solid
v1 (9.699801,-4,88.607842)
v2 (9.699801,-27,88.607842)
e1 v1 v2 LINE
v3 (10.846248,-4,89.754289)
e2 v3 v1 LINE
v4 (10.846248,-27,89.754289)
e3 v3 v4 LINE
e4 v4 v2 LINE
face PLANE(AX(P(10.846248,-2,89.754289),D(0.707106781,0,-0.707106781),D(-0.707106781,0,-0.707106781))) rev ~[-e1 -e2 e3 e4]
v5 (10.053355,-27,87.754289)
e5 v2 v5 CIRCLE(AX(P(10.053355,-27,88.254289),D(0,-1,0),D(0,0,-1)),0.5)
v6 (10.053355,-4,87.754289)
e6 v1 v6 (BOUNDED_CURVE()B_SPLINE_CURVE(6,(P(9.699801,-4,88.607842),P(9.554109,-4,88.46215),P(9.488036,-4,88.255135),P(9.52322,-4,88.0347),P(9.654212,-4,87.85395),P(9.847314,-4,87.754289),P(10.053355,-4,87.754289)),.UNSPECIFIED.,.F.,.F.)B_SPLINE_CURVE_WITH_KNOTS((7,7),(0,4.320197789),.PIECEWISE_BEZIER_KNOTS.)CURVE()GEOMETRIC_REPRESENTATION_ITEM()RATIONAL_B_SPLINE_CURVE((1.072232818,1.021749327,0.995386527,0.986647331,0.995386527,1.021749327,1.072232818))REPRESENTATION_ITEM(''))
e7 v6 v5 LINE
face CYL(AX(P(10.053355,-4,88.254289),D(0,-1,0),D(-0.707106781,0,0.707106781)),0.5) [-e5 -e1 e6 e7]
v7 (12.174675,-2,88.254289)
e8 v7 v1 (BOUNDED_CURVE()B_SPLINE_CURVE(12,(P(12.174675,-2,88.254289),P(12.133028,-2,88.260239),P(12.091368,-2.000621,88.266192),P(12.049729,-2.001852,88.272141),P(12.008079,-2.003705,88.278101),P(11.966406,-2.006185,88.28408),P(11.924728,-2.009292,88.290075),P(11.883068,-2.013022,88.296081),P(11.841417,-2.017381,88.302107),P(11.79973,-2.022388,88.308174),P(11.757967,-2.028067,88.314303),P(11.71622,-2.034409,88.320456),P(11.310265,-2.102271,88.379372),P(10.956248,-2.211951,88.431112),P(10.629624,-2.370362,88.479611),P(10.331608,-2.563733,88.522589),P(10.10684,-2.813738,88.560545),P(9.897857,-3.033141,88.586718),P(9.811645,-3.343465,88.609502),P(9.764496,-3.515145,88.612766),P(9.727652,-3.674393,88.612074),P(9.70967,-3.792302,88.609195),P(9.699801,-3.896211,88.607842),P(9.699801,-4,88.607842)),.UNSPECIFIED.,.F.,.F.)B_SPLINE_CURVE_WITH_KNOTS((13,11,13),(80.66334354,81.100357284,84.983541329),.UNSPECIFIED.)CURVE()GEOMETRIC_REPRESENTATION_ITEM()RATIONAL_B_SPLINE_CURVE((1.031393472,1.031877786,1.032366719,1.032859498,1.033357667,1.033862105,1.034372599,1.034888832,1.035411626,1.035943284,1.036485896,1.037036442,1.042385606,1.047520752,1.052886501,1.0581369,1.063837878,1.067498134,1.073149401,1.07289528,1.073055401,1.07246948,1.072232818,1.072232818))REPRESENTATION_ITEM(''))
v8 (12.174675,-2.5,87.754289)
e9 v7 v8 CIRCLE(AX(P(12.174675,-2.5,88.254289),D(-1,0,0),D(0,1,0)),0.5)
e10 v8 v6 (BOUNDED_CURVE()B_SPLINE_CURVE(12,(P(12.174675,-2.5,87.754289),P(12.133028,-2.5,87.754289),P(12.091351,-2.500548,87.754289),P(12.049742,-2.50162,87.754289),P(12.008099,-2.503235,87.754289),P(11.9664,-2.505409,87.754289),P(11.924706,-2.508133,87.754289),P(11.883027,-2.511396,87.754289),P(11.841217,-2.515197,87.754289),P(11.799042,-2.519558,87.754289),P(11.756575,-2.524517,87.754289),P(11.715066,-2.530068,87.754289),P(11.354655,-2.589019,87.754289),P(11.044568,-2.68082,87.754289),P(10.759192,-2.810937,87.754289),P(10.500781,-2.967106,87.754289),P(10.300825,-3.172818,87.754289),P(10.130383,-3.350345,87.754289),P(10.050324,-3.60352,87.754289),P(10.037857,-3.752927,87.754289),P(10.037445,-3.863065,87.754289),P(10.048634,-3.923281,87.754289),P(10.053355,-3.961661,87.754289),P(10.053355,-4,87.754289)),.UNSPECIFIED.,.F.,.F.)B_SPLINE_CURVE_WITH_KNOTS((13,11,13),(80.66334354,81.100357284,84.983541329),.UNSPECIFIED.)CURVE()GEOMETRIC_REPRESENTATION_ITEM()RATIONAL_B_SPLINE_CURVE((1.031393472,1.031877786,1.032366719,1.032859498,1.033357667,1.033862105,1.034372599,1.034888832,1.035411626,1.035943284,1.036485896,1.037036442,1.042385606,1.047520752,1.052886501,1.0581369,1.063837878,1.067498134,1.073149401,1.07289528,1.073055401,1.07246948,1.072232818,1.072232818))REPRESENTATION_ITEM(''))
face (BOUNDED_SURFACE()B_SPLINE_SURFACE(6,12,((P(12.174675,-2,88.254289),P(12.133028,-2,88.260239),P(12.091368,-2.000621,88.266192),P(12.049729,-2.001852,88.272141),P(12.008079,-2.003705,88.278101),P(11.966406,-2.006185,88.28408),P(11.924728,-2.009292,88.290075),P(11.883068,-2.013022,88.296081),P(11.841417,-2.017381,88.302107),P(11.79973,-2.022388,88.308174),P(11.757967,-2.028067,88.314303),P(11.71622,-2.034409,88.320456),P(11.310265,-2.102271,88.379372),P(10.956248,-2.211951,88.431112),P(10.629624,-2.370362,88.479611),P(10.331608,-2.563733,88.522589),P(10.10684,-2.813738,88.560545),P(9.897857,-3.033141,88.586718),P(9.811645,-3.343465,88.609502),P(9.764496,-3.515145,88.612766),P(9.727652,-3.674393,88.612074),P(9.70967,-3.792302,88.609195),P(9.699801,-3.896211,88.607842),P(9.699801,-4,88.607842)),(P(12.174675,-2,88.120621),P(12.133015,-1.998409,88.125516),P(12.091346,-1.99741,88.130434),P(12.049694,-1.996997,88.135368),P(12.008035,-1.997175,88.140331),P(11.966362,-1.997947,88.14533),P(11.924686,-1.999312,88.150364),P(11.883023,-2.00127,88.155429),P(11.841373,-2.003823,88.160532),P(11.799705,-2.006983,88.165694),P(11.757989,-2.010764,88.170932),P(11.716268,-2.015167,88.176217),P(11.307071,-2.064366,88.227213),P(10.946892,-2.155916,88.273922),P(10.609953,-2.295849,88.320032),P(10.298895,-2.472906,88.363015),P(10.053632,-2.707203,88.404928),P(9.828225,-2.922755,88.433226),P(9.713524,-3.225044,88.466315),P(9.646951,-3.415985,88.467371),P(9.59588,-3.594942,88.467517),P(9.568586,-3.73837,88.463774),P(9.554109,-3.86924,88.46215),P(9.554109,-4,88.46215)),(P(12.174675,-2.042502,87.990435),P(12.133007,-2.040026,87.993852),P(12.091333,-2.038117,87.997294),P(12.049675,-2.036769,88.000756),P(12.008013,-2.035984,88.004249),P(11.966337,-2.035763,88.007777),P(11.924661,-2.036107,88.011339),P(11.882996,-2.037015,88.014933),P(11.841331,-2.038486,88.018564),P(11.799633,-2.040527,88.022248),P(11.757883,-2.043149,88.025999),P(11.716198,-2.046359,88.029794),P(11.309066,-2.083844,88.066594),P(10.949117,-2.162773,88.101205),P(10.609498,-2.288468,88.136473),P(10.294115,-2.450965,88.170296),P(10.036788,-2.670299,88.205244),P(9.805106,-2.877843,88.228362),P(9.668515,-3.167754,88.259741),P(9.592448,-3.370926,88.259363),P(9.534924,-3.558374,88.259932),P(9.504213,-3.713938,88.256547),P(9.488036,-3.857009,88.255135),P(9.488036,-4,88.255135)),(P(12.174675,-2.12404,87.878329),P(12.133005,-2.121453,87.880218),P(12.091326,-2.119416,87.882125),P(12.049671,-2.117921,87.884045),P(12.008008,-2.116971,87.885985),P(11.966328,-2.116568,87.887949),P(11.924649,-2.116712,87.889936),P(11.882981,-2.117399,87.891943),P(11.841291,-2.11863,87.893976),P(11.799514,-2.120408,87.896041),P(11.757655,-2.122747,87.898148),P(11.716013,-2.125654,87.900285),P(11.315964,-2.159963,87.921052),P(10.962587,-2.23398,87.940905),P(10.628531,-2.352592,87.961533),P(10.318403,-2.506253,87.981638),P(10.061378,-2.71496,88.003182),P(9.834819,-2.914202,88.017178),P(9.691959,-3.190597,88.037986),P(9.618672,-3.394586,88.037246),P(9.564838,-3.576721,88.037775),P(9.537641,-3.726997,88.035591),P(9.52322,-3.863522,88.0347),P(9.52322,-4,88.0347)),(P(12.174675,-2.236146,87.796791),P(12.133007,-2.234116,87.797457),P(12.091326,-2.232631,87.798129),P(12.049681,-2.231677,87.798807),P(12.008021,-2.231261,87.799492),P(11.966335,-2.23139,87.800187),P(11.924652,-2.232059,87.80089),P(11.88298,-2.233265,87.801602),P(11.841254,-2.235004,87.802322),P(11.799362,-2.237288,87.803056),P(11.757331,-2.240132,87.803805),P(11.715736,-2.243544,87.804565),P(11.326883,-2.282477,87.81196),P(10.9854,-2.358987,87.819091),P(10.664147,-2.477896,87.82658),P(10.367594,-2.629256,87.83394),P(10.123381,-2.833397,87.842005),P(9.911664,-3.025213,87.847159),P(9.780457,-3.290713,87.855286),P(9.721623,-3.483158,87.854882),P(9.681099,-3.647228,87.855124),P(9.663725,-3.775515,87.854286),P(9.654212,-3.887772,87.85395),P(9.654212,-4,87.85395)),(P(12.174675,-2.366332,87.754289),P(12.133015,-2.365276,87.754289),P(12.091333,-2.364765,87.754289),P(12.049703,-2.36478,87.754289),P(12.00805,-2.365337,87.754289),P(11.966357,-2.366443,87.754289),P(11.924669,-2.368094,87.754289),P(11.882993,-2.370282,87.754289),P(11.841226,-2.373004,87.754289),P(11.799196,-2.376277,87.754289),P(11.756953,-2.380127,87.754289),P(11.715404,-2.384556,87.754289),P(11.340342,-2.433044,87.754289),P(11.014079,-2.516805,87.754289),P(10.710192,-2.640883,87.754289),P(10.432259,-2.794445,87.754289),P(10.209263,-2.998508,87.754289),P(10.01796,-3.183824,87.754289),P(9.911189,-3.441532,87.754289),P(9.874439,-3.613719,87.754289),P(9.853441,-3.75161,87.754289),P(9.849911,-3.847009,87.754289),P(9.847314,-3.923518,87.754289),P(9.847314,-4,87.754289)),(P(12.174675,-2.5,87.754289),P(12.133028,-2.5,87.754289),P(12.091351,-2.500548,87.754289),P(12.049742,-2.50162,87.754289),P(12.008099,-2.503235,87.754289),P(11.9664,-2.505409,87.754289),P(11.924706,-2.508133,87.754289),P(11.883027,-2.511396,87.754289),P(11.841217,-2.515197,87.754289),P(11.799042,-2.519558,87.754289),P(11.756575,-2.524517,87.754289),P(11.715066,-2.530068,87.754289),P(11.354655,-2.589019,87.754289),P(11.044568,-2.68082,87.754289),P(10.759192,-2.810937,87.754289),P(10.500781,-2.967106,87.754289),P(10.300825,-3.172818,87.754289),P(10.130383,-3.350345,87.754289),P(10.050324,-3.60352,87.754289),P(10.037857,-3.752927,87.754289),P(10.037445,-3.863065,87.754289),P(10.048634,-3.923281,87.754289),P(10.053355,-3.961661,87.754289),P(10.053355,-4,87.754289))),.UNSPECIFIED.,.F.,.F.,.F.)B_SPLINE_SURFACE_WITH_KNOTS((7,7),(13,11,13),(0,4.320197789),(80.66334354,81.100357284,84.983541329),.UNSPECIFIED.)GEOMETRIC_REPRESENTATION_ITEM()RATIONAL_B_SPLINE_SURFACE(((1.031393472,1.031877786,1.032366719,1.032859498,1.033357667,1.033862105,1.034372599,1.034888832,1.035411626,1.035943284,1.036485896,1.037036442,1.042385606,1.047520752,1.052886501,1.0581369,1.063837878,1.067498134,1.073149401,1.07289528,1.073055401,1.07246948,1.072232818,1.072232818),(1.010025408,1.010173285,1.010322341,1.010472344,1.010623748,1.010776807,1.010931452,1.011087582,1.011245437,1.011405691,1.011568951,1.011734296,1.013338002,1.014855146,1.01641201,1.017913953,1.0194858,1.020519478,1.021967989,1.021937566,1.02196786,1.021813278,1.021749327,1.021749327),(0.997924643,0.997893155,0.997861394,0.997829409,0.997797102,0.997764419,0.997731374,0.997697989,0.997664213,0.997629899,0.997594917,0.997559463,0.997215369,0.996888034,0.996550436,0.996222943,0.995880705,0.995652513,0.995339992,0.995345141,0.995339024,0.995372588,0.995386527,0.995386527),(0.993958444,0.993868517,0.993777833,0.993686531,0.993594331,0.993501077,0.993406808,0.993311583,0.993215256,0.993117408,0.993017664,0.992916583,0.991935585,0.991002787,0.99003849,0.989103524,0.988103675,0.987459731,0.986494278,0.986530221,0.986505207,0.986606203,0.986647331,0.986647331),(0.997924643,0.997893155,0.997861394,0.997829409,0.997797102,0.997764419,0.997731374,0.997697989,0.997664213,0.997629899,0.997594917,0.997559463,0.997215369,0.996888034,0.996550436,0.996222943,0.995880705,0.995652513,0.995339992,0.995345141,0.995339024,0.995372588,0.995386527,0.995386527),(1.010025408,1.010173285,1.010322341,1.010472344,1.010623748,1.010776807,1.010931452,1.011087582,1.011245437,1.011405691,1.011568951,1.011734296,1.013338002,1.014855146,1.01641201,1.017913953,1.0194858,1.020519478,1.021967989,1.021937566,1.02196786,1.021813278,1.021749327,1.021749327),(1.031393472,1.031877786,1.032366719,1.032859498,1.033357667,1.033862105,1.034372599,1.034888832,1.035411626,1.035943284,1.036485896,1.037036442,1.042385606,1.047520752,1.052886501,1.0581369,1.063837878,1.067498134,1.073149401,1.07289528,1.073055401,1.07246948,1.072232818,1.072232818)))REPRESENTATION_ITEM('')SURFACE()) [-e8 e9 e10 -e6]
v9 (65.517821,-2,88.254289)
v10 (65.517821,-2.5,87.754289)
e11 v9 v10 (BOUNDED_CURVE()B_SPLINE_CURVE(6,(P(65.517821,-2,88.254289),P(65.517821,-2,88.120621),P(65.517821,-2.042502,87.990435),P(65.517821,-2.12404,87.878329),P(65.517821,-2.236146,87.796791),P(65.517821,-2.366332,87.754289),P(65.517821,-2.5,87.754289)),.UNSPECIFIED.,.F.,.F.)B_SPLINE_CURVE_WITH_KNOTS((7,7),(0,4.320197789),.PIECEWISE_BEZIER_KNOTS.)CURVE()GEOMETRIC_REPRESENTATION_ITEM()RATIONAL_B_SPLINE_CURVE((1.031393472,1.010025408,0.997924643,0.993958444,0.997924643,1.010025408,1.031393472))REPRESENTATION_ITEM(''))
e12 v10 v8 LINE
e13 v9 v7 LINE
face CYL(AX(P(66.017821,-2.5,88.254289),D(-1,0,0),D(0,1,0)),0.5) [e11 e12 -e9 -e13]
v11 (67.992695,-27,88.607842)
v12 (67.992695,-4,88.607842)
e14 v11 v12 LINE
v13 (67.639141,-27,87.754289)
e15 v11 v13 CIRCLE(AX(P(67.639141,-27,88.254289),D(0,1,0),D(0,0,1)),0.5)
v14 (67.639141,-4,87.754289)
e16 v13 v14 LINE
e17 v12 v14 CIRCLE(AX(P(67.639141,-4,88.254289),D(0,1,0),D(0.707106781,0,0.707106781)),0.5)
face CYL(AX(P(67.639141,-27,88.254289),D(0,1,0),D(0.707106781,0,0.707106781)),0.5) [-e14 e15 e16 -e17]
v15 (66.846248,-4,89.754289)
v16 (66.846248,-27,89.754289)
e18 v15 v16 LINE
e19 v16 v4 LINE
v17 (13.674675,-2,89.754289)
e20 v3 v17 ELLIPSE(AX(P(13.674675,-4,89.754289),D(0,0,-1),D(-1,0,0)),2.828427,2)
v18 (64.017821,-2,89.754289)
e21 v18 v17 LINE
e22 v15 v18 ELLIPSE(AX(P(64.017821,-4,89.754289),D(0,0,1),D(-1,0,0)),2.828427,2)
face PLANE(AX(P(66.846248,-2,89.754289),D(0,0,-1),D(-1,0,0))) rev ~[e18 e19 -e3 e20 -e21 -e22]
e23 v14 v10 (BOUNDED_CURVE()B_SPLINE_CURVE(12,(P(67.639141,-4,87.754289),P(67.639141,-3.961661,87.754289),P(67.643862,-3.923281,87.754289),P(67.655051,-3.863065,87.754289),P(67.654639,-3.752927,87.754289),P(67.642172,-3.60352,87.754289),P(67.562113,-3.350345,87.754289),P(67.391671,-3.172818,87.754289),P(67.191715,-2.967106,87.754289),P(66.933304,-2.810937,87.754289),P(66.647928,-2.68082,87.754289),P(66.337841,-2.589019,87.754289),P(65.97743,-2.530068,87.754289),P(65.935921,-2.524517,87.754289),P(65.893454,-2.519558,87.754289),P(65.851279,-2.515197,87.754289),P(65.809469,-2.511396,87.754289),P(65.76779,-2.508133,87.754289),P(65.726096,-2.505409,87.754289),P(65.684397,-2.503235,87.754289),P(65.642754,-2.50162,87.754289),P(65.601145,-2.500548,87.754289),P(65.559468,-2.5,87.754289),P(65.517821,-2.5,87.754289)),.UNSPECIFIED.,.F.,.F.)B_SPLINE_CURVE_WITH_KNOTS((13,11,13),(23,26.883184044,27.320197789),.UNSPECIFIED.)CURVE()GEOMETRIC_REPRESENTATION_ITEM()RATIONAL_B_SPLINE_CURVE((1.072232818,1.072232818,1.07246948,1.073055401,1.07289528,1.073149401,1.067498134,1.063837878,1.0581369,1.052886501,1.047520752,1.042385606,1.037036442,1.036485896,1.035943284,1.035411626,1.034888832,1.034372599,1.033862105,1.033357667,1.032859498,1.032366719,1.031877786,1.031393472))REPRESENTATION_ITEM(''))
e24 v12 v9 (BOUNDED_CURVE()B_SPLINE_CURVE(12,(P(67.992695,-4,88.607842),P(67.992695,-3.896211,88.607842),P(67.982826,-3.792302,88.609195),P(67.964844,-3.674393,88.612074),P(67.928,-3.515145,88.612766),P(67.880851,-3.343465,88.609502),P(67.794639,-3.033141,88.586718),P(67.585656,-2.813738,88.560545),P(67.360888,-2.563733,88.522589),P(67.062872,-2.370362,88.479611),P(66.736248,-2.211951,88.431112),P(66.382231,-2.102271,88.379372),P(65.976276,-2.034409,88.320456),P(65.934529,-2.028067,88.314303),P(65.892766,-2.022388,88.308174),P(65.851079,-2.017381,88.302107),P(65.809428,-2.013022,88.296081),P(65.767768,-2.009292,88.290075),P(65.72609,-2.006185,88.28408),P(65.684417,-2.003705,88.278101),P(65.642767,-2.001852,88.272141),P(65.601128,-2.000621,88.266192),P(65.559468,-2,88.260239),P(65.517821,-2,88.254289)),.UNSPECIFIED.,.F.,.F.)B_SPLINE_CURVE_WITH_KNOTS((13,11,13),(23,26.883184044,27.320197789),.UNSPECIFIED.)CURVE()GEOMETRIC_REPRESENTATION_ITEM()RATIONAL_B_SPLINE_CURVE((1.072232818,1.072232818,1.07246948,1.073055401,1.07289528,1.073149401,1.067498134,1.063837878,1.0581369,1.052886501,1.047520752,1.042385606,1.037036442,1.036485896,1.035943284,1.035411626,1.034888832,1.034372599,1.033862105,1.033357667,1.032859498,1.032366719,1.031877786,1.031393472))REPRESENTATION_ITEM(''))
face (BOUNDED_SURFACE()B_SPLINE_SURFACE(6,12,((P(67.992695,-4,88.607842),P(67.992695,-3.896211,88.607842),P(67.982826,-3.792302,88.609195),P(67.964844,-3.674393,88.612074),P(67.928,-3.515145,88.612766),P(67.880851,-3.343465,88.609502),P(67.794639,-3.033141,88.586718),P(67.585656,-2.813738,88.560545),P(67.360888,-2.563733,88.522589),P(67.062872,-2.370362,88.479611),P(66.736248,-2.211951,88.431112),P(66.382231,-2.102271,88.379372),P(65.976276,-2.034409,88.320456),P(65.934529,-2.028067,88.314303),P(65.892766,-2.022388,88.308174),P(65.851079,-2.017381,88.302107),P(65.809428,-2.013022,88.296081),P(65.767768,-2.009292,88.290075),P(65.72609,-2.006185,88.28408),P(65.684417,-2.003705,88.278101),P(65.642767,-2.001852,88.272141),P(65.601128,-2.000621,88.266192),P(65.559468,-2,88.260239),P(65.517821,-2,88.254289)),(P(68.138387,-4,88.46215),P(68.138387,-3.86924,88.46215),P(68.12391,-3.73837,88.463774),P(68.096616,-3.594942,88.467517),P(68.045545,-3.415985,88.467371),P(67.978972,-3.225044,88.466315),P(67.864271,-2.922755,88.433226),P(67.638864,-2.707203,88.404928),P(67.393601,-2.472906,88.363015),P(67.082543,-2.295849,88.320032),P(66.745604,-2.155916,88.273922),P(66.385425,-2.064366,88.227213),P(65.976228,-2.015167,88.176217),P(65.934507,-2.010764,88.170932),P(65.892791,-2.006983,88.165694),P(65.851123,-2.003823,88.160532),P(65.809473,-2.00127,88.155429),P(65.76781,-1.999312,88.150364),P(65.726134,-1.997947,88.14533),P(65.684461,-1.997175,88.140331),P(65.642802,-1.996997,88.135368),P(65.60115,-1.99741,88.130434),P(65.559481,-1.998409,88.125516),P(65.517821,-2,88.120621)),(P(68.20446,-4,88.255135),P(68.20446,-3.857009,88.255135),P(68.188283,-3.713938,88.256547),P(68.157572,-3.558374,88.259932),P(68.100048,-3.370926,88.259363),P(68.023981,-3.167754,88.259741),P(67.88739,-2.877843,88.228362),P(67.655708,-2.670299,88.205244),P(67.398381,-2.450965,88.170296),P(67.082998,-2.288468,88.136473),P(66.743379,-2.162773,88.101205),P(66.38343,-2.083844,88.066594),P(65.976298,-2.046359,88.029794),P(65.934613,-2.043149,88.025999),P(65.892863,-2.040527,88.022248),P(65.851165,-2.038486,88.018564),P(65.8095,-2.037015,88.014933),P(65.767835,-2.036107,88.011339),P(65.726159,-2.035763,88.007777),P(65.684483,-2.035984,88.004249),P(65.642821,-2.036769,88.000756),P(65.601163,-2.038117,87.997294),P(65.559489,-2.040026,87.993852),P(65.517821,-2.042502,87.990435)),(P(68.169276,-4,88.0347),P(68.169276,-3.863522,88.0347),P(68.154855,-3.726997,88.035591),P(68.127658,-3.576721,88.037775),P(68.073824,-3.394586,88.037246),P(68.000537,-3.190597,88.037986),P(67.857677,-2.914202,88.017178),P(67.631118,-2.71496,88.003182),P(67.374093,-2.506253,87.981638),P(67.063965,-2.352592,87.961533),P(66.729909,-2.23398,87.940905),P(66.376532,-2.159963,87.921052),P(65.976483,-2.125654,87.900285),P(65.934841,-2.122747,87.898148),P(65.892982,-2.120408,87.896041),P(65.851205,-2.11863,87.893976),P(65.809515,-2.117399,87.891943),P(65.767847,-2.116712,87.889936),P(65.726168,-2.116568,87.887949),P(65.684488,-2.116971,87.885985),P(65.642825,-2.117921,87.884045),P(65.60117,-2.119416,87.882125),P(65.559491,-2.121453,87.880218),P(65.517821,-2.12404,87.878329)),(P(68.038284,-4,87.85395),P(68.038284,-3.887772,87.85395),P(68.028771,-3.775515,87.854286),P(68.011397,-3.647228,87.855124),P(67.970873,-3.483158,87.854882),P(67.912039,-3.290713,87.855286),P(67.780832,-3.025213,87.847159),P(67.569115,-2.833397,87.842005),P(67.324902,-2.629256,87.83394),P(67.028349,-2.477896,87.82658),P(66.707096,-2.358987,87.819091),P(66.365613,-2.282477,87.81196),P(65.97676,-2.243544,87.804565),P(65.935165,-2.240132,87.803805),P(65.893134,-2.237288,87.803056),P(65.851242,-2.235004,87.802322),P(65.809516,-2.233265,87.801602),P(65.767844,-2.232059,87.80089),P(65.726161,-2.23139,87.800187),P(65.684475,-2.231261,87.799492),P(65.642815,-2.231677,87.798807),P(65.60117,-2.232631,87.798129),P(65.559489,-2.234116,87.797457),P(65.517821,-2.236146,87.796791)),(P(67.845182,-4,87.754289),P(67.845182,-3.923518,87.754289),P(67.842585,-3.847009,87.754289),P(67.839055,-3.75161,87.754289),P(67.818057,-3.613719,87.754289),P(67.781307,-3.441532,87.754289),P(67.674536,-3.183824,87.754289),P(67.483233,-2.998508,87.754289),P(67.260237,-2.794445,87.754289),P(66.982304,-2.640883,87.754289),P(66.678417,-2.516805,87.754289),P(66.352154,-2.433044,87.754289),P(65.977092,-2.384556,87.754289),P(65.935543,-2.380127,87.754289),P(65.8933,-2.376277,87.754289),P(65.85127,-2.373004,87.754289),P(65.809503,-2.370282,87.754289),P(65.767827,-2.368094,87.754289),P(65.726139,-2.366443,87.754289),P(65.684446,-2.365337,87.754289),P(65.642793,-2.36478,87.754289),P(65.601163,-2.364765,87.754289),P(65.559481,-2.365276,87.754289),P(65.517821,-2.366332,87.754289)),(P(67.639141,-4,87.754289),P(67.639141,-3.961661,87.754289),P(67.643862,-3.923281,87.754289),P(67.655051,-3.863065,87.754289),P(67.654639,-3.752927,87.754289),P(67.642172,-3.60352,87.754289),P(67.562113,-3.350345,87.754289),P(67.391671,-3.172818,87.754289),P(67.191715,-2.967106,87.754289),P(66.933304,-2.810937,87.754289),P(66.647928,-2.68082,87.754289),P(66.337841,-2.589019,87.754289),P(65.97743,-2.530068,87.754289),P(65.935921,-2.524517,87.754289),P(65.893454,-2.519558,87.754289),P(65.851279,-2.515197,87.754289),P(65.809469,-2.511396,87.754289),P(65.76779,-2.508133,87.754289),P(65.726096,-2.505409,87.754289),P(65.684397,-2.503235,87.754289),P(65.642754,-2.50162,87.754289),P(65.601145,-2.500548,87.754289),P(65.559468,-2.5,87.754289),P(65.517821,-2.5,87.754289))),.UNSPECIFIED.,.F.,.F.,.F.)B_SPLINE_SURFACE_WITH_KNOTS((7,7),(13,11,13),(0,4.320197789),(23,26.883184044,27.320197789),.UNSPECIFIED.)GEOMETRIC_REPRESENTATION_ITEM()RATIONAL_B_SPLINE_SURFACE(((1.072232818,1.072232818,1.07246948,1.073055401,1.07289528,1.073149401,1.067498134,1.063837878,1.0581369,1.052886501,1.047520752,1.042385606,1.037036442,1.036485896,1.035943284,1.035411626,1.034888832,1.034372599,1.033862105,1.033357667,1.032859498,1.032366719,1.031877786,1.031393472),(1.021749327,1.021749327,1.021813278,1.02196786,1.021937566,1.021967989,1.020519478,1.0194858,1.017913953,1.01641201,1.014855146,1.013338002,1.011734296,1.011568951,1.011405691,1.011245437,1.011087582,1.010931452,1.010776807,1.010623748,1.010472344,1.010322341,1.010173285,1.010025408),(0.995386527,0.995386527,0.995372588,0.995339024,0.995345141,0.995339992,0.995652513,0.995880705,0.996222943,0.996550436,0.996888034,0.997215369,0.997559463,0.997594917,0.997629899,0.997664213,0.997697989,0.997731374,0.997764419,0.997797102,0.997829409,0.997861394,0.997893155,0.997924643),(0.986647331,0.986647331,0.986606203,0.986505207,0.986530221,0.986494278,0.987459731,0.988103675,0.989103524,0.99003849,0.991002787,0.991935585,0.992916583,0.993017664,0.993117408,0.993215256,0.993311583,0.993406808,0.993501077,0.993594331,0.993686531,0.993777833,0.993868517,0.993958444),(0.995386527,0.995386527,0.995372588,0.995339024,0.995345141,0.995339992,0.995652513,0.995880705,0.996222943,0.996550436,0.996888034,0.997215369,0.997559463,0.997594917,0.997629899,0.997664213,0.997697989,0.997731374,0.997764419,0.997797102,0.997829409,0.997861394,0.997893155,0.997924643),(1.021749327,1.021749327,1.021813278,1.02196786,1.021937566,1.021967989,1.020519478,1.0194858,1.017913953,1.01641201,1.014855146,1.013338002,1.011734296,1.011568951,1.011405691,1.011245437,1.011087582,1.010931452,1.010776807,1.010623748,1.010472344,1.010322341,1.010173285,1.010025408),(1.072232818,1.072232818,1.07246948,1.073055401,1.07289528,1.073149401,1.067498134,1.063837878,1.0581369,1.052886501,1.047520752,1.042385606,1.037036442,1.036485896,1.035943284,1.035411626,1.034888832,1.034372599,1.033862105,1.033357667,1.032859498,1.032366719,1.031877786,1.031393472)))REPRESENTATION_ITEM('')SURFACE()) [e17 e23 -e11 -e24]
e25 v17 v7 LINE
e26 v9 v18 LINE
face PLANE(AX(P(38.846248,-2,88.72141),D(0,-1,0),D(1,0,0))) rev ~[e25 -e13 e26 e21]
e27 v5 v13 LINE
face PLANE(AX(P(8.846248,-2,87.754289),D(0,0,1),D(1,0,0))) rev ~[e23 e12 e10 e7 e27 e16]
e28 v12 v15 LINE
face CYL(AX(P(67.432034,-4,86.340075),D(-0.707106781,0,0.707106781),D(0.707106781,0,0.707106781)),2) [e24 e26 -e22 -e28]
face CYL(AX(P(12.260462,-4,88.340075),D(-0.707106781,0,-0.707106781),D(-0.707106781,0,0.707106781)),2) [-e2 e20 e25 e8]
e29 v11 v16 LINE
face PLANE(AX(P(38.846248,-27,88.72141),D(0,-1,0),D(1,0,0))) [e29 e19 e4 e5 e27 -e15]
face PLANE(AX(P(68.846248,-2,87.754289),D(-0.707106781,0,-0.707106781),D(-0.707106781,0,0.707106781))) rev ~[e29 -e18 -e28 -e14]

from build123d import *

# Parameters (mm, degrees)
EXTRUDE_DEPTH = 25
FILLET016_R   = 2
FILLET017_R   = 0.5


with BuildPart() as part:
    # Sketch → Extrude (new body)
    with BuildSketch(Plane.XZ):
        Polygon((10.846248, 101.514289), (8.846248, 99.514289), (68.846248, 99.514289), (66.846248, 101.514289), align=None)
    extrude(amount=EXTRUDE_DEPTH)


with BuildPart() as part_1:
    # Extrude placement: moved
    add(part.part.moved(Location((0.5, -6.5, -11.5))))

    # Fillet016
    fillet016_edges = [part_1.edges().sort_by_distance(p)[0] for p in [
        (10.346248, -6.5, 89.014289),
        (68.346248, -6.5, 89.014289),
    ]]
    fillet(fillet016_edges, radius=FILLET016_R)

    # Fillet017
    fillet017_edges = [part_1.edges().sort_by_distance(p)[0] for p in [
        (9.346248, -20, 88.014289),
        (69.346248, -20, 88.014289),
    ]]
    fillet(fillet017_edges, radius=FILLET017_R)


with BuildPart() as part_2:
    # Fillet017 placement: moved
    add(part_1.part.moved(Location((-0.5, 4.5, -0.26))))


solid = part_2.part
